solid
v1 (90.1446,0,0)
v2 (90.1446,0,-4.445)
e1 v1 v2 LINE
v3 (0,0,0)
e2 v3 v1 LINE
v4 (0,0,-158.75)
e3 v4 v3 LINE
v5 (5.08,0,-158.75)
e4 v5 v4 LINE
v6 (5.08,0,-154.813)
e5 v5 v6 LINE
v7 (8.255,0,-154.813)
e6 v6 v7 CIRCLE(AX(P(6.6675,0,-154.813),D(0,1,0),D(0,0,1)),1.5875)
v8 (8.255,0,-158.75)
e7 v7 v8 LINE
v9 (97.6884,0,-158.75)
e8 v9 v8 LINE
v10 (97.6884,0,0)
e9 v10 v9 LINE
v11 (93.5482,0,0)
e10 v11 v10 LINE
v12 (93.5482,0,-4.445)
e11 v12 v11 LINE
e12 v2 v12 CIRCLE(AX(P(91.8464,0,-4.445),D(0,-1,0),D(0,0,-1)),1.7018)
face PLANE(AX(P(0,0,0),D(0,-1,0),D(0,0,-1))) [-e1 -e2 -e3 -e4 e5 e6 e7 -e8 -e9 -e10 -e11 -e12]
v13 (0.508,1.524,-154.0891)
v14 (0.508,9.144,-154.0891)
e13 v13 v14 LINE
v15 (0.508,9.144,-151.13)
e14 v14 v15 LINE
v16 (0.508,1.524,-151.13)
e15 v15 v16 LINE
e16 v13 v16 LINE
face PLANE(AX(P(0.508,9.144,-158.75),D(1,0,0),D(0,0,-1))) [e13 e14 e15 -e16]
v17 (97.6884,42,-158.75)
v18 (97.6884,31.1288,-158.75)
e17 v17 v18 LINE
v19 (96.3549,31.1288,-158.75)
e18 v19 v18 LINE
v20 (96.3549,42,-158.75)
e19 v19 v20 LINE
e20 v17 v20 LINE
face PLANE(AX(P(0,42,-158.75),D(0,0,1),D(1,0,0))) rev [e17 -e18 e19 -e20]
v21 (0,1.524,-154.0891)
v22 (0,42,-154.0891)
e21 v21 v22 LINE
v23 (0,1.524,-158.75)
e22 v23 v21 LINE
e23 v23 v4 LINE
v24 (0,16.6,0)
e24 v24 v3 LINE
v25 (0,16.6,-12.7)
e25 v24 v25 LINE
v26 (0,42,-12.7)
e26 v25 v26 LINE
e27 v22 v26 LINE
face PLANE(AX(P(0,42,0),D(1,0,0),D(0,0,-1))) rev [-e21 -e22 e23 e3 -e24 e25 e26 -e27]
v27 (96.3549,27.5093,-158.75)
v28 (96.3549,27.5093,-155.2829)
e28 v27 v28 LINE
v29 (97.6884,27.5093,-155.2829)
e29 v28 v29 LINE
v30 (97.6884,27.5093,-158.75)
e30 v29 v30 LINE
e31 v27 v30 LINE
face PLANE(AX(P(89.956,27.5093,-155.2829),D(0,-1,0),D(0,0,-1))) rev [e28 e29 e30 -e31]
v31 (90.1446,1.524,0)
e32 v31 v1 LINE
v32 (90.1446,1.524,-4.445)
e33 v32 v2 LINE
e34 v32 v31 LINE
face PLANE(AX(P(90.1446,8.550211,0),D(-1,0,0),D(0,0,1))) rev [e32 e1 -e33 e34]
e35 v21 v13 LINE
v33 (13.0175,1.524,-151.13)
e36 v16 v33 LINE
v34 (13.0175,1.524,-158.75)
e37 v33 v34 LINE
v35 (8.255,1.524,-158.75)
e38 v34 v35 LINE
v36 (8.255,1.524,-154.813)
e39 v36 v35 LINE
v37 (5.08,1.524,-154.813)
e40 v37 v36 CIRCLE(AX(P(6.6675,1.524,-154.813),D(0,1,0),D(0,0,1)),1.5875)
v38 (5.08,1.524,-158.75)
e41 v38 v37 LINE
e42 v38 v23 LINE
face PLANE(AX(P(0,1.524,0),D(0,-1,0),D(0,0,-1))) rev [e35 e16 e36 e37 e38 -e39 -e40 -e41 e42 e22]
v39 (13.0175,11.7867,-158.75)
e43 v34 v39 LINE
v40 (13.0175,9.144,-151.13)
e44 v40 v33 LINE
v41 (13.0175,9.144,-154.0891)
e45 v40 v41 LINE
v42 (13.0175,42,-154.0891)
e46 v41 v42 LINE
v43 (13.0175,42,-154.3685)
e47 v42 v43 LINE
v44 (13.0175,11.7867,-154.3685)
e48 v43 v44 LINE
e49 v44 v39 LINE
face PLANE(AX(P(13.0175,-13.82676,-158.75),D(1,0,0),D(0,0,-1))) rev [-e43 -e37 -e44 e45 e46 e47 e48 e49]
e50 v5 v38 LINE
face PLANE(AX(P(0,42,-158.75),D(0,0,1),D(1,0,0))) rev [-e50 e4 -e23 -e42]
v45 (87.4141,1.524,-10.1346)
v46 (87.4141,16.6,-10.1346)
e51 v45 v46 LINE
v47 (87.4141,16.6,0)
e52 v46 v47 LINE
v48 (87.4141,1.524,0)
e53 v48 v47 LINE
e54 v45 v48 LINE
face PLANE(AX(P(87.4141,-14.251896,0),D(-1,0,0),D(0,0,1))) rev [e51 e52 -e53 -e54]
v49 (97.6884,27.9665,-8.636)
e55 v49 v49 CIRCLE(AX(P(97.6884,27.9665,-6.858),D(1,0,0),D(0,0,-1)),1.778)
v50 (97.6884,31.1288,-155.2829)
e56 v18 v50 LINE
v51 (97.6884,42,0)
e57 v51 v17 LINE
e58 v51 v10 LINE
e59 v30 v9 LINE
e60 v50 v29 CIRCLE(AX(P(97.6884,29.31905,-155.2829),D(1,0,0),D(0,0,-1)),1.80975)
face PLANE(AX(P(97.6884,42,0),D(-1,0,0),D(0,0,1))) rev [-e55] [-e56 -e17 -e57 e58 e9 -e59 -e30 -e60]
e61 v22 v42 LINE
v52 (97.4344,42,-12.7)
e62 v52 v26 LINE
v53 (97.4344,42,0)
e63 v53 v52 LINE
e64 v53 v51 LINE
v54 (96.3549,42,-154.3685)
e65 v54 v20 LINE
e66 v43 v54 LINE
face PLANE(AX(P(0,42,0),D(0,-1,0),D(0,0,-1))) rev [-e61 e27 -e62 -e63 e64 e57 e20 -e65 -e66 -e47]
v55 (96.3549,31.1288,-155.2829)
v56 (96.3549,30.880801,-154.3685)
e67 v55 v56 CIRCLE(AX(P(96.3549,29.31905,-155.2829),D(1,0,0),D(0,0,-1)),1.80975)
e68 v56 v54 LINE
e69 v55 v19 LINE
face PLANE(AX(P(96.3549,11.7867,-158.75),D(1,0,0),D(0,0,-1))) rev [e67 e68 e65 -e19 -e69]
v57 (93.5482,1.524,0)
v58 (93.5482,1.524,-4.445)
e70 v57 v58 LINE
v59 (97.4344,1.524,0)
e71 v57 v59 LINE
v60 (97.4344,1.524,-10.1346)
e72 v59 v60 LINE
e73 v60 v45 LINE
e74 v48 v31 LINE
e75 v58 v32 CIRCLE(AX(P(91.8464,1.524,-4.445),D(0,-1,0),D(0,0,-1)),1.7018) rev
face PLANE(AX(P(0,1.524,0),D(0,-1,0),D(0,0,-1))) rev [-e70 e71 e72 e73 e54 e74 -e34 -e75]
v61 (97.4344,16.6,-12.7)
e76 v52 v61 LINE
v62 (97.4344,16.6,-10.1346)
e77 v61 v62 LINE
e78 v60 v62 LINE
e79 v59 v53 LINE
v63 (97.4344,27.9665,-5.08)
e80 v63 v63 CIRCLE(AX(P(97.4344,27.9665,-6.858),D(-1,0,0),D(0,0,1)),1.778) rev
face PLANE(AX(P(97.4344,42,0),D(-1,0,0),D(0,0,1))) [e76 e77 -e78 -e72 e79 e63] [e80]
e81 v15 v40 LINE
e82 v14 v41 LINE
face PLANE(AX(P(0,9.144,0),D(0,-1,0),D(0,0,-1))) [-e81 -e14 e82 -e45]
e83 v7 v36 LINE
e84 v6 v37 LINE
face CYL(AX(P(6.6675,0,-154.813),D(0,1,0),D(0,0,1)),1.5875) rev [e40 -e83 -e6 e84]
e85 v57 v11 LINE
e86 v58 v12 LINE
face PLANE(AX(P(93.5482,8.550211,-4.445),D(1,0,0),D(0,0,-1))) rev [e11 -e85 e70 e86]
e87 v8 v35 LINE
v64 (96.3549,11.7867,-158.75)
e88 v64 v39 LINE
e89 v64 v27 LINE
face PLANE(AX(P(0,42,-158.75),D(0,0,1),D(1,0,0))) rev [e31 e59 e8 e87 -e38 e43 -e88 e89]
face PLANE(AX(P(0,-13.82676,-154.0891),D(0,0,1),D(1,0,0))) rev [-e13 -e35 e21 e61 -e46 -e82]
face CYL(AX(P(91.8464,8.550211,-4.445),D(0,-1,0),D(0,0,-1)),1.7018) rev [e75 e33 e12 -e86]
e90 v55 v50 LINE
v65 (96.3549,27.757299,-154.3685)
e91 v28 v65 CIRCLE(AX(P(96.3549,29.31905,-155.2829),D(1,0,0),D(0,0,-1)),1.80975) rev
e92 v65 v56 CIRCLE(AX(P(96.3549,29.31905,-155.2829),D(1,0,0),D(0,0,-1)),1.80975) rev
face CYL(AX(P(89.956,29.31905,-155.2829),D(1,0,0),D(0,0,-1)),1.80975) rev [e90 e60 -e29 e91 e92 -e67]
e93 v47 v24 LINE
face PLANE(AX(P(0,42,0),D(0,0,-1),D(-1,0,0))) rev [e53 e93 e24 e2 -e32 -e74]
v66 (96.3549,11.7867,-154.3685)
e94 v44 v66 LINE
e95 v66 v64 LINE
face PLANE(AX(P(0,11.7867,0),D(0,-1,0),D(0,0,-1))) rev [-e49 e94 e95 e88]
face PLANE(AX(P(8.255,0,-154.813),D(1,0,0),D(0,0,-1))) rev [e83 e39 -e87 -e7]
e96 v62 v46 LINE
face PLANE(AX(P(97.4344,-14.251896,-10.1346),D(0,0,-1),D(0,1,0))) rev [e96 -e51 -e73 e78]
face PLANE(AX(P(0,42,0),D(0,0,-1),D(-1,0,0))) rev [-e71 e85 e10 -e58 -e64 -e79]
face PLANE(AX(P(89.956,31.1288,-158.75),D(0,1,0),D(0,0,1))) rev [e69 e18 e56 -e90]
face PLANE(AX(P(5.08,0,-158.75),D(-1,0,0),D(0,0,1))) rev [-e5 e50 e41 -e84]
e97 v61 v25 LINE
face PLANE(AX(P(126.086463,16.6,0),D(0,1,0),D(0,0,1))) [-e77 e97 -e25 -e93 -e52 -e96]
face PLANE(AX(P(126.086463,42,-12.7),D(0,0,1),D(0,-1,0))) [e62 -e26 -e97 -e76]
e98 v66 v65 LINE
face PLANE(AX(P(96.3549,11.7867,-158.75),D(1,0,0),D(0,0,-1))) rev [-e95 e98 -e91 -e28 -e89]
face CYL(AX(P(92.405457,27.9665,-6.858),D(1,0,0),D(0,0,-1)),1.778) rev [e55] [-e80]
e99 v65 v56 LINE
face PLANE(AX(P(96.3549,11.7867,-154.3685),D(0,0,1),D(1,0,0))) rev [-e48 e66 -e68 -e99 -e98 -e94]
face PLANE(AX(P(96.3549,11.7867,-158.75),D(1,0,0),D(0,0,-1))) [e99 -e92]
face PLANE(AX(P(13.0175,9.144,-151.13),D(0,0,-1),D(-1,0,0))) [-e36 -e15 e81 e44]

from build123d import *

# Parameters (mm, degrees)
SKETCH1_W           = 97.6884
SKETCH1_H           = 158.75
BOSS_EXTRUDE1_DEPTH = 42
CUT_EXTRUDE1_START  = -97.6884
SKETCH2_W           = 12.7
SKETCH2_H           = 25.4
CUT_EXTRUDE1_DEPTH  = 97.4344
SKETCH3_W           = 10.0203
SKETCH3_H           = 10.1346
CUT_EXTRUDE2_DEPTH  = 15.076
SKETCH4_W           = 13.0175
SKETCH4_H           = 4.6609
CUT_EXTRUDE3_DEPTH  = 40.476
SKETCH5_W           = 12.5095
SKETCH5_H           = 7.62
CUT_EXTRUDE4_DEPTH  = 7.62
SKETCH6_W           = 96.3549
SKETCH6_H           = 4.3815
CUT_EXTRUDE5_DEPTH  = 30.2133
CUT_EXTRUDE6_DEPTH  = 191.743001367
CUT_EXTRUDE7_DEPTH  = 1.3335
SKETCH9_R           = 1.778
CUT_EXTRUDE8_DEPTH  = 0.254
CUT_EXTRUDE9_DEPTH  = 1.524


with BuildPart() as part:
    # Sketch1 → Boss-Extrude1 (new body)
    with BuildSketch(Plane(origin=(0, 0, 0), x_dir=(1, 0, 0), z_dir=(0, 1, 0))):
        with Locations((48.8442, 79.375)):
            Rectangle(SKETCH1_W, SKETCH1_H)
    extrude(amount=BOSS_EXTRUDE1_DEPTH)

    # Sketch2 → Cut-Extrude1 (cut)
    with BuildSketch(Plane(origin=(97.6884, 0, 0), x_dir=(0, 0, -1), z_dir=(1, 0, 0)).offset(CUT_EXTRUDE1_START)):
        with Locations((6.35, 29.3)):
            Rectangle(SKETCH2_W, SKETCH2_H)
    extrude(amount=CUT_EXTRUDE1_DEPTH, mode=Mode.SUBTRACT)

    # Sketch3 → Cut-Extrude2 (cut)
    with BuildSketch(Plane(origin=(0, 16.6, 0), x_dir=(1, 0, 0), z_dir=(0, 1, 0))):
        with Locations((92.42425, 5.0673)):
            Rectangle(SKETCH3_W, SKETCH3_H)
    extrude(amount=-CUT_EXTRUDE2_DEPTH, mode=Mode.SUBTRACT)

    # Sketch4 → Cut-Extrude3 (cut)
    with BuildSketch(Plane(origin=(0, 42, 0), x_dir=(1, 0, 0), z_dir=(0, 1, 0))):
        with Locations((6.50875, 156.41955)):
            Rectangle(SKETCH4_W, SKETCH4_H)
    extrude(amount=-CUT_EXTRUDE3_DEPTH, mode=Mode.SUBTRACT)

    # Sketch5 → Cut-Extrude4 (cut)
    with BuildSketch(Plane(origin=(0, 1.524, 0), x_dir=(1, 0, 0), z_dir=(0, 1, 0))):
        with Locations((6.76275, 154.94)):
            Rectangle(SKETCH5_W, SKETCH5_H)
    extrude(amount=CUT_EXTRUDE4_DEPTH, mode=Mode.SUBTRACT)

    # Sketch6 → Cut-Extrude5 (cut)
    with BuildSketch(Plane(origin=(0, 42, 0), x_dir=(1, 0, 0), z_dir=(0, 1, 0))):
        with Locations((48.17745, 156.55925)):
            Rectangle(SKETCH6_W, SKETCH6_H)
    extrude(amount=-CUT_EXTRUDE5_DEPTH, mode=Mode.SUBTRACT)

    # Sketch7 → Cut-Extrude6 (cut, through all)
    with BuildSketch(Plane(origin=(0, 1.524, 0), x_dir=(1, 0, 0), z_dir=(0, 1, 0))):
        with BuildLine():
            Line((5.08, 158.75), (5.08, 154.813))
            ThreePointArc((5.08, 154.813), (6.6675, 153.2255), (8.255, 154.813))
            Line((8.255, 154.813), (8.255, 158.75))
            Line((8.255, 158.75), (5.08, 158.75))
        make_face()
    extrude(amount=-CUT_EXTRUDE6_DEPTH, mode=Mode.SUBTRACT)

    # Sketch8 → Cut-Extrude7 (cut)
    with BuildSketch(Plane(origin=(97.6884, 0, 0), x_dir=(0, 0, -1), z_dir=(1, 0, 0))):
        with BuildLine():
            Line((158.75, 31.1288), (155.2829, 31.1288))
            ThreePointArc((155.2829, 31.1288), (153.47315, 29.31905), (155.2829, 27.5093))
            Line((155.2829, 27.5093), (158.75, 27.5093))
            Line((158.75, 27.5093), (158.75, 31.1288))
        make_face()
    extrude(amount=-CUT_EXTRUDE7_DEPTH, mode=Mode.SUBTRACT)

    # Sketch9 → Cut-Extrude8 (cut)
    with BuildSketch(Plane(origin=(97.6884, 0, 0), x_dir=(0, 0, -1), z_dir=(1, 0, 0))):
        with Locations((6.858, 27.9665)):
            Circle(SKETCH9_R)
    extrude(amount=-CUT_EXTRUDE8_DEPTH, mode=Mode.SUBTRACT)

    # Sketch10 → Cut-Extrude9 (cut)
    with BuildSketch(Plane.XZ):
        with BuildLine():
            Line((93.5482, 0), (90.1446, 0))
            Line((90.1446, 0), (90.1446, -4.445))
            ThreePointArc((90.1446, -4.445), (91.8464, -6.1468), (93.5482, -4.445))
            Line((93.5482, -4.445), (93.5482, 0))
        make_face()
    extrude(amount=-CUT_EXTRUDE9_DEPTH, mode=Mode.SUBTRACT)


solid = part.part
